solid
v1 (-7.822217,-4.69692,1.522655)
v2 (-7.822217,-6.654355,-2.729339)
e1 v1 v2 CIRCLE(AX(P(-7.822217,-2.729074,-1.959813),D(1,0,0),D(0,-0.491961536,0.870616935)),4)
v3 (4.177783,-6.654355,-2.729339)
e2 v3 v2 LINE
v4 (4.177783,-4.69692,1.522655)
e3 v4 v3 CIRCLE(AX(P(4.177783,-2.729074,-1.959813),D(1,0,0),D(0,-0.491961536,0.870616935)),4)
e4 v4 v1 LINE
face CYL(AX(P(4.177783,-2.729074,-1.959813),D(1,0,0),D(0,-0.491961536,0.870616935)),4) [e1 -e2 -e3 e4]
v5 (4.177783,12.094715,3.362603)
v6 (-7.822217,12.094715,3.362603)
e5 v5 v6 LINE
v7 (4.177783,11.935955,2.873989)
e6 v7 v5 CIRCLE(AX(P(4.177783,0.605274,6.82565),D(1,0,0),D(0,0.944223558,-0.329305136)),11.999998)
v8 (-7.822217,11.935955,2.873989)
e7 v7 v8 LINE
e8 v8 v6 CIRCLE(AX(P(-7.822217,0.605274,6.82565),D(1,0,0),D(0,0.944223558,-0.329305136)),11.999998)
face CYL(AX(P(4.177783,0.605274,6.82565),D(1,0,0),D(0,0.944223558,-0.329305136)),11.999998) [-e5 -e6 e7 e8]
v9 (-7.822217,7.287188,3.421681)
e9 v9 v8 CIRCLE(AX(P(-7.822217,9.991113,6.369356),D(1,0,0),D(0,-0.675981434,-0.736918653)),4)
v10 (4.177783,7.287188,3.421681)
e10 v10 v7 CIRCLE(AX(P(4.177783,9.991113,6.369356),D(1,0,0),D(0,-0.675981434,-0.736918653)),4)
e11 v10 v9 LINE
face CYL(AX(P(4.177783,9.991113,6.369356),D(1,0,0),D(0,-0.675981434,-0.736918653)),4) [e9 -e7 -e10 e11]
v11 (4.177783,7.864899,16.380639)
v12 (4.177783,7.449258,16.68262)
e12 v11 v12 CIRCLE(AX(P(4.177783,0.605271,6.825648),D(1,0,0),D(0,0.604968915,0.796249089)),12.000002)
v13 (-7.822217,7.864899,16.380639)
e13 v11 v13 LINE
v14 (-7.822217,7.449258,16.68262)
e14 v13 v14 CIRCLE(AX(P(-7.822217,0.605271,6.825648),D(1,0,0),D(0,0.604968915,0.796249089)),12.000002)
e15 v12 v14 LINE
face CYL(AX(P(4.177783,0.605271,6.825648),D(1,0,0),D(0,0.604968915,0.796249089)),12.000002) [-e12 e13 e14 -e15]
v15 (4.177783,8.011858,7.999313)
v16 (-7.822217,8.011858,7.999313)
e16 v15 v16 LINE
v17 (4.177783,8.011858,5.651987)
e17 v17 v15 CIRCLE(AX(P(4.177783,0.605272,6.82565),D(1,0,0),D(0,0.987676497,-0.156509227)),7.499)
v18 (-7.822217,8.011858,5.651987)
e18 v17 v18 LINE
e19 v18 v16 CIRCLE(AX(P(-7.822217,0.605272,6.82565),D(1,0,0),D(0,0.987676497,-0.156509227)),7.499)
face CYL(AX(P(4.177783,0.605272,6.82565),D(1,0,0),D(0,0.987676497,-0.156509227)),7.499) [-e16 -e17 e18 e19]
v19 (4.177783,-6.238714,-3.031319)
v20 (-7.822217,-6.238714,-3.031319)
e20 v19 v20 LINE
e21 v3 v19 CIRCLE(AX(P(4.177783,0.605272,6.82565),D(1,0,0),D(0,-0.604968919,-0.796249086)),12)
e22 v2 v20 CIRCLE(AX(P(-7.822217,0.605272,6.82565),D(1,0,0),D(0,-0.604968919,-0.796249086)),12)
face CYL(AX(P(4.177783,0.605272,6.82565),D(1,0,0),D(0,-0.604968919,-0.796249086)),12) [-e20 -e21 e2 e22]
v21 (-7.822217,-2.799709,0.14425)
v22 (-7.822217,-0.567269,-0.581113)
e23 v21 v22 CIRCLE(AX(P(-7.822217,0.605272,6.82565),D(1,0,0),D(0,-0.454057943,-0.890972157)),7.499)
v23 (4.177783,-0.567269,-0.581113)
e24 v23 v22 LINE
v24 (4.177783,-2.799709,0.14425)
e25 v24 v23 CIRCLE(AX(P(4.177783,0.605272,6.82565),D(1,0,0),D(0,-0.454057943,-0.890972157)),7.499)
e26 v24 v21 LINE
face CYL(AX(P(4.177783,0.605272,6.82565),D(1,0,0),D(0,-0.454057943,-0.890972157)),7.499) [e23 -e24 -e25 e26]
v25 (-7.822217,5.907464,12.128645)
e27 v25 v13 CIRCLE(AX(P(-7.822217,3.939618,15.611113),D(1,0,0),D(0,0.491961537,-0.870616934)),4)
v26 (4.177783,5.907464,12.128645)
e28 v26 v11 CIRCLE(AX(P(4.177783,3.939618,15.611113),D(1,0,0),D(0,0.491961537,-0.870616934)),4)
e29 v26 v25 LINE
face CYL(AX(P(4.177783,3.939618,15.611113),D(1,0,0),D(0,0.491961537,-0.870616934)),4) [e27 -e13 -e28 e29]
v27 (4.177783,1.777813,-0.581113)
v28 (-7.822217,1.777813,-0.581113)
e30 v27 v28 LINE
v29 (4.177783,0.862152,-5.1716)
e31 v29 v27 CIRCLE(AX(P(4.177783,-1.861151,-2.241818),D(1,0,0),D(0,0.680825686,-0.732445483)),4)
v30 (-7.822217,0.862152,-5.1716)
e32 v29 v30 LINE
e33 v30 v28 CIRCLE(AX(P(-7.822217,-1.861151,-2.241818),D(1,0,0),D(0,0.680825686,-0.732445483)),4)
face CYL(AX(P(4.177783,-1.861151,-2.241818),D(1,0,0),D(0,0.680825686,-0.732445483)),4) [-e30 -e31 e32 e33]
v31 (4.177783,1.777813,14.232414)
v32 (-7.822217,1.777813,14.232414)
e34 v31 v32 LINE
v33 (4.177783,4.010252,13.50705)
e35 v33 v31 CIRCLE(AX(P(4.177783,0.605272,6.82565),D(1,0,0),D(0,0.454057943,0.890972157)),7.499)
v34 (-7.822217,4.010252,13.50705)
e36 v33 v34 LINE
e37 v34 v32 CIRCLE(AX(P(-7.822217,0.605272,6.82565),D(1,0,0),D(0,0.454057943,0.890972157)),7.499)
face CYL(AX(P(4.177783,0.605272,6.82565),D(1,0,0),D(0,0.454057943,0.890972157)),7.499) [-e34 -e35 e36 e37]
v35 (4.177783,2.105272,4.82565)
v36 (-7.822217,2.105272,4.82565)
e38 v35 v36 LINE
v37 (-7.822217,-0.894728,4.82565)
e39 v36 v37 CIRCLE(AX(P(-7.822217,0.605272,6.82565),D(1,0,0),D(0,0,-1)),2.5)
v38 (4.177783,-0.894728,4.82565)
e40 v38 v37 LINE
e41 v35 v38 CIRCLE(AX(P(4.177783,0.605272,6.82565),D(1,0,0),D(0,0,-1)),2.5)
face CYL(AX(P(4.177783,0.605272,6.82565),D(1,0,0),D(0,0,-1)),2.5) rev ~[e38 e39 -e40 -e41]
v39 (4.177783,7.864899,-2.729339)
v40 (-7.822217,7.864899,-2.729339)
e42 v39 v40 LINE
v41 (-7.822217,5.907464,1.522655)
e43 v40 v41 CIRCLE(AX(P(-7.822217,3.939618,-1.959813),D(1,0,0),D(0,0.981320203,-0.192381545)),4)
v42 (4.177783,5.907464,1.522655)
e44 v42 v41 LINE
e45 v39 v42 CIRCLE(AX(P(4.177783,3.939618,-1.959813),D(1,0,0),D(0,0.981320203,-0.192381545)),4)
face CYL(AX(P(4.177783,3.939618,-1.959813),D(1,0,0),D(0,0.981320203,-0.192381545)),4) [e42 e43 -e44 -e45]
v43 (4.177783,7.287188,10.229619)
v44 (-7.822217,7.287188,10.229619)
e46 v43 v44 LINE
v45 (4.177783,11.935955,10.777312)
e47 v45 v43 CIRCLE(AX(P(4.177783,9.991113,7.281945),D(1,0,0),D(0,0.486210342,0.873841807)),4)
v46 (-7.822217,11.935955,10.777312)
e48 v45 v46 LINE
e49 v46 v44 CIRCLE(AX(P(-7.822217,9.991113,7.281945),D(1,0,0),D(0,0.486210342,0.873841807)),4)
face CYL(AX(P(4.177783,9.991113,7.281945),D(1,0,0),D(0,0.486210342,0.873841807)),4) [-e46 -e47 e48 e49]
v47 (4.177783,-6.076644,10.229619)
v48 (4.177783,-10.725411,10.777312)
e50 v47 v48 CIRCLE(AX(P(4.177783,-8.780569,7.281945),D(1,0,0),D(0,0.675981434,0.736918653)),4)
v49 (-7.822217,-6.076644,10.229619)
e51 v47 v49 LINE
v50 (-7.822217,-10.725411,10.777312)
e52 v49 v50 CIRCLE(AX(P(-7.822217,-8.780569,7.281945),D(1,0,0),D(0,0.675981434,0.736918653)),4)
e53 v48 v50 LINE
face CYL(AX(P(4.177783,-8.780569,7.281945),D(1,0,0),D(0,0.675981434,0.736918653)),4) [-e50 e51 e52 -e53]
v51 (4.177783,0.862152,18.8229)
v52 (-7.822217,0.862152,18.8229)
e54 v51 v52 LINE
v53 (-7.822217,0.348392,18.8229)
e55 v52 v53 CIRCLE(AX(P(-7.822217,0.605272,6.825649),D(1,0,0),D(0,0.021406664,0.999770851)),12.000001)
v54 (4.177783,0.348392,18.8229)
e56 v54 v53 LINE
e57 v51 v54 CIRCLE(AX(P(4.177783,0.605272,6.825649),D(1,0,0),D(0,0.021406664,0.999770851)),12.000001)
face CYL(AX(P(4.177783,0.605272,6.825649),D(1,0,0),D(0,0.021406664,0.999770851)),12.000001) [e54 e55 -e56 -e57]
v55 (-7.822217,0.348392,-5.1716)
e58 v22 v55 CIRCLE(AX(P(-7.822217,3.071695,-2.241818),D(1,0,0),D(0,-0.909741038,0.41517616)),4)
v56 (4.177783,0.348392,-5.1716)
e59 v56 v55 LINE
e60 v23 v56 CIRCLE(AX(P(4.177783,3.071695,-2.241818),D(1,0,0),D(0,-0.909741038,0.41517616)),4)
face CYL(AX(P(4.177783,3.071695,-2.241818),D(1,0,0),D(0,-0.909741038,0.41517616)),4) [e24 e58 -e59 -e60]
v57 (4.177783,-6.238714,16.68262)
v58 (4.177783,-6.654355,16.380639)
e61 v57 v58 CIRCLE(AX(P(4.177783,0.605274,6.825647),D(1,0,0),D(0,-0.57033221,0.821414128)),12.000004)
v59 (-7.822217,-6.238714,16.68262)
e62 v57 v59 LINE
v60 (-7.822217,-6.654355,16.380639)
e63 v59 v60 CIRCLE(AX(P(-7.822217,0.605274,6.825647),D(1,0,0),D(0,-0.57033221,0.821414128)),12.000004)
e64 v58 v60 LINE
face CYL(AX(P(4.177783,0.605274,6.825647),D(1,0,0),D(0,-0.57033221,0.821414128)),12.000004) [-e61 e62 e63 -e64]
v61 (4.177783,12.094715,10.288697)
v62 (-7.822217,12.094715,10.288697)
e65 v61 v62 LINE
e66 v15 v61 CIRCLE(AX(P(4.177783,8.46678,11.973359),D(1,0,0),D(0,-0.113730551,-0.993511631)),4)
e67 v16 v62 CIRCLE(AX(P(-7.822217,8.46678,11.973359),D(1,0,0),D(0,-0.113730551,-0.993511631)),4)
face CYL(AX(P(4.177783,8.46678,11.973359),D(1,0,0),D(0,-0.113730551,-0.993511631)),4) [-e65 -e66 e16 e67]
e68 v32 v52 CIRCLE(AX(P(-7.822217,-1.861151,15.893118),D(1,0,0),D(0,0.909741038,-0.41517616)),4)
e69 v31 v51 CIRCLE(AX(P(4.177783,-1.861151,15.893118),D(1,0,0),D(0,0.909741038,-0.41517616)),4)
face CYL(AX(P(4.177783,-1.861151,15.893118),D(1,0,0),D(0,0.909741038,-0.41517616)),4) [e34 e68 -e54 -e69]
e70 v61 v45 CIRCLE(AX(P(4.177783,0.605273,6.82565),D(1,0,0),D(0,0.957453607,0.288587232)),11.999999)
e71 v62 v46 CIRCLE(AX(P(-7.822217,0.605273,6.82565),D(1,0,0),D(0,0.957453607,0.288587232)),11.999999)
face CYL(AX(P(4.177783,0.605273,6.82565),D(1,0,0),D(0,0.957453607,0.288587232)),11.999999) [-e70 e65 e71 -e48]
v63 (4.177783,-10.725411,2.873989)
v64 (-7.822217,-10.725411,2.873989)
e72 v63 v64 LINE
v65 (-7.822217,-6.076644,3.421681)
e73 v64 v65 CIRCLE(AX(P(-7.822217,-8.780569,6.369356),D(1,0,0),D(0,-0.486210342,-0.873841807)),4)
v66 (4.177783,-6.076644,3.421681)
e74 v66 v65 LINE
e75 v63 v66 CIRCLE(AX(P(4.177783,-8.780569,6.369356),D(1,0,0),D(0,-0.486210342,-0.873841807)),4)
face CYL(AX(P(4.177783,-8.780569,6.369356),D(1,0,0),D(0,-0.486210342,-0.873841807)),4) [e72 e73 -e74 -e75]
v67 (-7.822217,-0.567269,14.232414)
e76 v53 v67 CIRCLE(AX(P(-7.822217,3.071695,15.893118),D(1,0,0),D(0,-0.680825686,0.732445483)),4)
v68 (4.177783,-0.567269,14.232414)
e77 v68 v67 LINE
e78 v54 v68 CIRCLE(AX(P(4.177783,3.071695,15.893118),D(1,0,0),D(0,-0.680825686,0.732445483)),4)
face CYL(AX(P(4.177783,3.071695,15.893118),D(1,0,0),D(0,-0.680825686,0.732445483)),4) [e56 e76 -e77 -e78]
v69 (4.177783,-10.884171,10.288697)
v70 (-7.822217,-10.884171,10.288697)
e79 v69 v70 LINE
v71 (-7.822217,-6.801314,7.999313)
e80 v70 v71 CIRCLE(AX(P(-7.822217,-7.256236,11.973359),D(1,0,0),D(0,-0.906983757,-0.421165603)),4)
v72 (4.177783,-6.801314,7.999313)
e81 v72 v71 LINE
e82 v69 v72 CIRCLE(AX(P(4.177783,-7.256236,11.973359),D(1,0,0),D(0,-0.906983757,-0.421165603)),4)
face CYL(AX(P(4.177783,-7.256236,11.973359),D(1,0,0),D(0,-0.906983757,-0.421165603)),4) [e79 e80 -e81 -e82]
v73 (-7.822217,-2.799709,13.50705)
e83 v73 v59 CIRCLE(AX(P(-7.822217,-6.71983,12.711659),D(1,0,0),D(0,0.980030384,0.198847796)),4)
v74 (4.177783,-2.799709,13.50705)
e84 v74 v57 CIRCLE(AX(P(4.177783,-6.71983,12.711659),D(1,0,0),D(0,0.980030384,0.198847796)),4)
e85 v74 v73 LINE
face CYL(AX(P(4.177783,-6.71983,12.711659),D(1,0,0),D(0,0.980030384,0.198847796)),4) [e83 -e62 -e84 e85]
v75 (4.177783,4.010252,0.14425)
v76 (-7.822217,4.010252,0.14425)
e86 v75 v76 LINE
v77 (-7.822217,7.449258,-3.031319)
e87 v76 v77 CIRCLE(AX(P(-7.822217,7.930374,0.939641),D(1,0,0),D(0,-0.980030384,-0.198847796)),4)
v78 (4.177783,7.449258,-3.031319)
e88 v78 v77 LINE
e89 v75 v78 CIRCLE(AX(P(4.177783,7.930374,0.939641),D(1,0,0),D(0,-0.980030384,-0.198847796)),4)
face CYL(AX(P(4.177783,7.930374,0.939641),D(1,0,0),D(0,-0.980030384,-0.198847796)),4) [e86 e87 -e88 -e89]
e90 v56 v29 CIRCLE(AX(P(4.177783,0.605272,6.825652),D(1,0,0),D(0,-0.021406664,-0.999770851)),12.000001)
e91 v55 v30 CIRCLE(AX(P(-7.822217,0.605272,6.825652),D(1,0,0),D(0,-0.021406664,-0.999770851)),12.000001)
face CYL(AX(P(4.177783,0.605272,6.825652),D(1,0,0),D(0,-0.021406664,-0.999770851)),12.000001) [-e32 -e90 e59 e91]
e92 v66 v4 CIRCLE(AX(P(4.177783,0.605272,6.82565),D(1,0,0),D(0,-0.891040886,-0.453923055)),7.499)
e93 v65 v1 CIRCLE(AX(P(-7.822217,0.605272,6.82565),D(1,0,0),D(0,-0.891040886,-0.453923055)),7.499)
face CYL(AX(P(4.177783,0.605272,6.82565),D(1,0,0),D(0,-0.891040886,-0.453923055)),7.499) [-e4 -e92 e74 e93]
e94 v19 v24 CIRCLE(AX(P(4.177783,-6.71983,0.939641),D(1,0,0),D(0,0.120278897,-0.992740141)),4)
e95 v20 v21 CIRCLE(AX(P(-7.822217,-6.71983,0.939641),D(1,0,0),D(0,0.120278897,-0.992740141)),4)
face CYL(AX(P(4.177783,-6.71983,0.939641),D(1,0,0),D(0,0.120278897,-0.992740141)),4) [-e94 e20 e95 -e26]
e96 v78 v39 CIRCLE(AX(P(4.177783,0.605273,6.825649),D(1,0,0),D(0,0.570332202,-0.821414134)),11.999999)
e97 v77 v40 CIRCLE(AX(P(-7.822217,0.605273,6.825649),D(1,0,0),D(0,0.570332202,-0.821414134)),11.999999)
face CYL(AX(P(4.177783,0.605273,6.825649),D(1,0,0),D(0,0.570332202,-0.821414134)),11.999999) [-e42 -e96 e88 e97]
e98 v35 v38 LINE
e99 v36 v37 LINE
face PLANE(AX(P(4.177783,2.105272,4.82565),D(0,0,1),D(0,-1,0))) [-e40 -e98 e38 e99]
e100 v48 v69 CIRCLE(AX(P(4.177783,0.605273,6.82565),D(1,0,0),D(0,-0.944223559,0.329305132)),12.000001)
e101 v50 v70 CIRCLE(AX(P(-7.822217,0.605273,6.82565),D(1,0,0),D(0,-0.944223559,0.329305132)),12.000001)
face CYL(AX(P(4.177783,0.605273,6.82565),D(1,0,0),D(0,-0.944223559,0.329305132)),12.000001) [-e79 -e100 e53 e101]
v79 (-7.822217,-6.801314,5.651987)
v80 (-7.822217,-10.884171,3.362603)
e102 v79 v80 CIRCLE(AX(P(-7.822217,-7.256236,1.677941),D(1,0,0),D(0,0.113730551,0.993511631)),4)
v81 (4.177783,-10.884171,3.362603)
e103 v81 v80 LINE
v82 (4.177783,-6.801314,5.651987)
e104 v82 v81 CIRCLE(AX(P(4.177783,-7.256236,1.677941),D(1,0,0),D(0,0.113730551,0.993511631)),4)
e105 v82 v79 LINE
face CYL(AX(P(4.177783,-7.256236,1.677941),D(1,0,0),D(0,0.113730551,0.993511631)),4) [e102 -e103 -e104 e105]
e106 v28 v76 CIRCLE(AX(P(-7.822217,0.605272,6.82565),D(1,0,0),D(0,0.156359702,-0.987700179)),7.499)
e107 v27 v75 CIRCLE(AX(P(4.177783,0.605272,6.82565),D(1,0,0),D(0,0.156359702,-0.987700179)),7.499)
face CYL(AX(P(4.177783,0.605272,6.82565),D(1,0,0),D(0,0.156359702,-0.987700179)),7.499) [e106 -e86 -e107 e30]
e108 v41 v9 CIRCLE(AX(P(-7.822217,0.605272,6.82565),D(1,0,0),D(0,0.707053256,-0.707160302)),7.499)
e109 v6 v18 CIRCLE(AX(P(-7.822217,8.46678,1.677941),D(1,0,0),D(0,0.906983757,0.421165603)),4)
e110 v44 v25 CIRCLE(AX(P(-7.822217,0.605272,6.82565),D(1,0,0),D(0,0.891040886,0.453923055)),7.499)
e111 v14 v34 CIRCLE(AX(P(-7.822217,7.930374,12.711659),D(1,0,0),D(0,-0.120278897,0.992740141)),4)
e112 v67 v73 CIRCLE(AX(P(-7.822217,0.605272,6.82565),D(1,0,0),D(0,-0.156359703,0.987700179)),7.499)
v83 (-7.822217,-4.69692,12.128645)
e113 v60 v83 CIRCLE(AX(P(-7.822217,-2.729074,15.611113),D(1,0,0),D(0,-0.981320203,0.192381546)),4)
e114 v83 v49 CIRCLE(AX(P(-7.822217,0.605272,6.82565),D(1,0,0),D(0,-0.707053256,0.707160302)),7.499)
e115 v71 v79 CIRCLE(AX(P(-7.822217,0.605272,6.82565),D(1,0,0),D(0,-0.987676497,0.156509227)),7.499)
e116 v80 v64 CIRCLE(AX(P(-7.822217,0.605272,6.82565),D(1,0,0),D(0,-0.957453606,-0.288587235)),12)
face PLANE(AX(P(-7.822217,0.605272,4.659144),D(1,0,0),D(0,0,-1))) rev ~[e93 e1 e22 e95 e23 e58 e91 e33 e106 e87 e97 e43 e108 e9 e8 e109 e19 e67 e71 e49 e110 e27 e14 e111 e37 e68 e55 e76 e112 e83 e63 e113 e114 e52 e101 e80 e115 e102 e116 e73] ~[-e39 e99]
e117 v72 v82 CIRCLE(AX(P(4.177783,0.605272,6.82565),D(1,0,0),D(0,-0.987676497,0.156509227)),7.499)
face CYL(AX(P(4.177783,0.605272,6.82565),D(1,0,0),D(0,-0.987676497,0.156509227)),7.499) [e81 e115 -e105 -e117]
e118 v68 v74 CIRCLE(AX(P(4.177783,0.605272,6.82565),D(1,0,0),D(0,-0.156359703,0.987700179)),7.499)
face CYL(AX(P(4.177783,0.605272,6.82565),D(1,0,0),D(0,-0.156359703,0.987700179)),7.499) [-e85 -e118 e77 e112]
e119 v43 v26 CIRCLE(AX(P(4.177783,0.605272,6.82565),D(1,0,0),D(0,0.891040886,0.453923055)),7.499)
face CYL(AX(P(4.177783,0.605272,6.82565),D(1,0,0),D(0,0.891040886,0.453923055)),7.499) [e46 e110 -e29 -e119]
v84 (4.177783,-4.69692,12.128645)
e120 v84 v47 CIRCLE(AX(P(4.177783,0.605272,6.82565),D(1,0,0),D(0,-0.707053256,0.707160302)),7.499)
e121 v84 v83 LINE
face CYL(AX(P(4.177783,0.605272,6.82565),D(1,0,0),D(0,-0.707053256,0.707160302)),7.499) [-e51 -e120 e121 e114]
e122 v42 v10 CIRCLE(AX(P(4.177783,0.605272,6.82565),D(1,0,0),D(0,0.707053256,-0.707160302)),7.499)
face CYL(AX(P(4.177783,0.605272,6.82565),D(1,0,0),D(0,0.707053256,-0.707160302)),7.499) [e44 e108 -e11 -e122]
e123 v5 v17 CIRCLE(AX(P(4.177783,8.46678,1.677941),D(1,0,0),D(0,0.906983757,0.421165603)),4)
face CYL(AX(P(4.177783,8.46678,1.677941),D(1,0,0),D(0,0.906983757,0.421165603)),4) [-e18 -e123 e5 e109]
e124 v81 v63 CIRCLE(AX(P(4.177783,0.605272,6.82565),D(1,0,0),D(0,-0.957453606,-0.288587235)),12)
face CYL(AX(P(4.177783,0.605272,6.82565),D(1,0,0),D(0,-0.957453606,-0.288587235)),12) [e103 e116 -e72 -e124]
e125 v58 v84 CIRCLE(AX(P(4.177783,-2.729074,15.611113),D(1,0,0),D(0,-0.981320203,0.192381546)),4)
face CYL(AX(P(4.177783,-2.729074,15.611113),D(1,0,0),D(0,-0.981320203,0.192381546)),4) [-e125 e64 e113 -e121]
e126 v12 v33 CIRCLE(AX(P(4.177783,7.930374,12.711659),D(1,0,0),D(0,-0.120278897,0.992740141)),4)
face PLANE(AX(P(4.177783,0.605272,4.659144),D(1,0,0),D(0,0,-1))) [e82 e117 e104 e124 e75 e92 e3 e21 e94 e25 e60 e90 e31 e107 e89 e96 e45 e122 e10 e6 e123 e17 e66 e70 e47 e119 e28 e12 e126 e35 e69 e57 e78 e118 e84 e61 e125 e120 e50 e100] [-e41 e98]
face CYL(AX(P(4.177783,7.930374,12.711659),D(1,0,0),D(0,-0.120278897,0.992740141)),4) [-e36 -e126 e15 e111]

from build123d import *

# Parameters (mm, degrees)
SKETCH1_R           = 2.5
BOSS_EXTRUDE1_DEPTH = 12
BOSS_EXTRUDE2_DEPTH = 12


with BuildPart() as part:
    # Sketch1 → Boss-Extrude1 (new body)
    with BuildSketch(Plane(origin=(4.177782817, 0, 0), x_dir=(0, 0, -1), z_dir=(1, 0, 0))):
        with BuildLine():
            ThreePointArc((5.17160003, 0.862151985), (3.024281035, 2.061571734), (0.581113459, 1.777813393))
            ThreePointArc((0.581113459, 1.777813393), (0.306322633, 2.922590425), (-0.144249976, 4.010252494))
            ThreePointArc((-0.144249976, 4.010252494), (1.999103081, 5.216745044), (3.031319401, 7.449258441))
            ThreePointArc((3.031319401, 7.449258441), (2.88255375, 7.658695012), (2.729338849, 7.864899014))
            ThreePointArc((2.729338849, 7.864899014), (0.28712005, 7.573087536), (-1.522655071, 5.907464347))
            ThreePointArc((-1.522655071, 5.907464347), (-2.417848576, 6.672090425), (-3.421681197, 7.287187589))
            ThreePointArc((-3.421681197, 7.287187589), (-2.396830677, 9.523091882), (-2.873988583, 11.935954691))
            ThreePointArc((-2.873988583, 11.935954691), (-3.11744625, 12.01795018), (-3.36260338, 12.094715262))
            ThreePointArc((-3.36260338, 12.094715262), (-5.16687741, 10.423134625), (-5.651987492, 8.011858032))
            ThreePointArc((-5.651987492, 8.011858032), (-6.825650183, 8.104271984), (-7.999312874, 8.011858032))
            ThreePointArc((-7.999312874, 8.011858032), (-8.484422956, 10.423134625), (-10.288696986, 12.094715262))
            ThreePointArc((-10.288696986, 12.094715262), (-10.533854115, 12.01795018), (-10.777311783, 11.935954691))
            ThreePointArc((-10.777311783, 11.935954691), (-11.254469689, 9.523091882), (-10.229619169, 7.287187589))
            ThreePointArc((-10.229619169, 7.287187589), (-11.23345179, 6.672090425), (-12.128645295, 5.907464347))
            ThreePointArc((-12.128645295, 5.907464347), (-13.938420416, 7.573087536), (-16.380639215, 7.864899014))
            ThreePointArc((-16.380639215, 7.864899014), (-16.533854115, 7.658695012), (-16.682619767, 7.449258441))
            ThreePointArc((-16.682619767, 7.449258441), (-15.650403447, 5.216745044), (-13.50705039, 4.010252494))
            ThreePointArc((-13.50705039, 4.010252494), (-13.957622999, 2.922590425), (-14.232413825, 1.777813393))
            ThreePointArc((-14.232413825, 1.777813393), (-16.675581401, 2.061571734), (-18.822900396, 0.862151985))
            ThreePointArc((-18.822900396, 0.862151985), (-18.825650183, 0.605271984), (-18.822900396, 0.348391984))
            ThreePointArc((-18.822900396, 0.348391984), (-16.675581401, -0.851027765), (-14.232413825, -0.567269425))
            ThreePointArc((-14.232413825, -0.567269425), (-13.957622999, -1.712046456), (-13.50705039, -2.799708525))
            ThreePointArc((-13.50705039, -2.799708525), (-15.650403447, -4.006201075), (-16.682619767, -6.238714473))
            ThreePointArc((-16.682619767, -6.238714473), (-16.533854115, -6.448151043), (-16.380639215, -6.654355045))
            ThreePointArc((-16.380639215, -6.654355045), (-13.938420416, -6.362543568), (-12.128645295, -4.696920378))
            ThreePointArc((-12.128645295, -4.696920378), (-11.23345179, -5.461546456), (-10.229619169, -6.07664362))
            ThreePointArc((-10.229619169, -6.07664362), (-11.254469689, -8.312547914), (-10.777311783, -10.725410722))
            ThreePointArc((-10.777311783, -10.725410722), (-10.533854115, -10.807406211), (-10.288696986, -10.884171294))
            ThreePointArc((-10.288696986, -10.884171294), (-8.484422956, -9.212590657), (-7.999312874, -6.801314064))
            ThreePointArc((-7.999312874, -6.801314064), (-6.825650183, -6.893728016), (-5.651987492, -6.801314064))
            ThreePointArc((-5.651987492, -6.801314064), (-5.16687741, -9.212590657), (-3.36260338, -10.884171294))
            ThreePointArc((-3.36260338, -10.884171294), (-3.11744625, -10.807406211), (-2.873988583, -10.725410722))
            ThreePointArc((-2.873988583, -10.725410722), (-2.396830677, -8.312547914), (-3.421681197, -6.07664362))
            ThreePointArc((-3.421681197, -6.07664362), (-2.417848576, -5.461546456), (-1.522655071, -4.696920378))
            ThreePointArc((-1.522655071, -4.696920378), (0.28712005, -6.362543568), (2.729338849, -6.654355045))
            ThreePointArc((2.729338849, -6.654355045), (2.88255375, -6.448151043), (3.031319401, -6.238714473))
            ThreePointArc((3.031319401, -6.238714473), (1.999103081, -4.006201075), (-0.144249976, -2.799708525))
            ThreePointArc((-0.144249976, -2.799708525), (0.306322633, -1.712046456), (0.581113459, -0.567269425))
            ThreePointArc((0.581113459, -0.567269425), (3.024281035, -0.851027765), (5.17160003, 0.348391984))
            ThreePointArc((5.17160003, 0.348391984), (5.174349817, 0.605271984), (5.17160003, 0.862151985))
        make_face()
        with Locations((-6.825650183, 0.605271984)):
            Circle(SKETCH1_R, mode=Mode.SUBTRACT)
    extrude(amount=-BOSS_EXTRUDE1_DEPTH)

    # Sketch2 → Boss-Extrude2 (add)
    with BuildSketch(Plane(origin=(4.177782817, 0, 0), x_dir=(0, 0, -1), z_dir=(1, 0, 0))):
        with BuildLine():
            ThreePointArc((-4.325650183, 0.605271984), (-4.453941938, 1.395841399), (-4.825650183, 2.105271984))
            Line((-4.825650183, 2.105271984), (-4.825650183, -0.894728016))
            ThreePointArc((-4.825650183, -0.894728016), (-4.453941938, -0.185297431), (-4.325650183, 0.605271984))
        make_face()
    extrude(amount=-BOSS_EXTRUDE2_DEPTH)


solid = part.part
